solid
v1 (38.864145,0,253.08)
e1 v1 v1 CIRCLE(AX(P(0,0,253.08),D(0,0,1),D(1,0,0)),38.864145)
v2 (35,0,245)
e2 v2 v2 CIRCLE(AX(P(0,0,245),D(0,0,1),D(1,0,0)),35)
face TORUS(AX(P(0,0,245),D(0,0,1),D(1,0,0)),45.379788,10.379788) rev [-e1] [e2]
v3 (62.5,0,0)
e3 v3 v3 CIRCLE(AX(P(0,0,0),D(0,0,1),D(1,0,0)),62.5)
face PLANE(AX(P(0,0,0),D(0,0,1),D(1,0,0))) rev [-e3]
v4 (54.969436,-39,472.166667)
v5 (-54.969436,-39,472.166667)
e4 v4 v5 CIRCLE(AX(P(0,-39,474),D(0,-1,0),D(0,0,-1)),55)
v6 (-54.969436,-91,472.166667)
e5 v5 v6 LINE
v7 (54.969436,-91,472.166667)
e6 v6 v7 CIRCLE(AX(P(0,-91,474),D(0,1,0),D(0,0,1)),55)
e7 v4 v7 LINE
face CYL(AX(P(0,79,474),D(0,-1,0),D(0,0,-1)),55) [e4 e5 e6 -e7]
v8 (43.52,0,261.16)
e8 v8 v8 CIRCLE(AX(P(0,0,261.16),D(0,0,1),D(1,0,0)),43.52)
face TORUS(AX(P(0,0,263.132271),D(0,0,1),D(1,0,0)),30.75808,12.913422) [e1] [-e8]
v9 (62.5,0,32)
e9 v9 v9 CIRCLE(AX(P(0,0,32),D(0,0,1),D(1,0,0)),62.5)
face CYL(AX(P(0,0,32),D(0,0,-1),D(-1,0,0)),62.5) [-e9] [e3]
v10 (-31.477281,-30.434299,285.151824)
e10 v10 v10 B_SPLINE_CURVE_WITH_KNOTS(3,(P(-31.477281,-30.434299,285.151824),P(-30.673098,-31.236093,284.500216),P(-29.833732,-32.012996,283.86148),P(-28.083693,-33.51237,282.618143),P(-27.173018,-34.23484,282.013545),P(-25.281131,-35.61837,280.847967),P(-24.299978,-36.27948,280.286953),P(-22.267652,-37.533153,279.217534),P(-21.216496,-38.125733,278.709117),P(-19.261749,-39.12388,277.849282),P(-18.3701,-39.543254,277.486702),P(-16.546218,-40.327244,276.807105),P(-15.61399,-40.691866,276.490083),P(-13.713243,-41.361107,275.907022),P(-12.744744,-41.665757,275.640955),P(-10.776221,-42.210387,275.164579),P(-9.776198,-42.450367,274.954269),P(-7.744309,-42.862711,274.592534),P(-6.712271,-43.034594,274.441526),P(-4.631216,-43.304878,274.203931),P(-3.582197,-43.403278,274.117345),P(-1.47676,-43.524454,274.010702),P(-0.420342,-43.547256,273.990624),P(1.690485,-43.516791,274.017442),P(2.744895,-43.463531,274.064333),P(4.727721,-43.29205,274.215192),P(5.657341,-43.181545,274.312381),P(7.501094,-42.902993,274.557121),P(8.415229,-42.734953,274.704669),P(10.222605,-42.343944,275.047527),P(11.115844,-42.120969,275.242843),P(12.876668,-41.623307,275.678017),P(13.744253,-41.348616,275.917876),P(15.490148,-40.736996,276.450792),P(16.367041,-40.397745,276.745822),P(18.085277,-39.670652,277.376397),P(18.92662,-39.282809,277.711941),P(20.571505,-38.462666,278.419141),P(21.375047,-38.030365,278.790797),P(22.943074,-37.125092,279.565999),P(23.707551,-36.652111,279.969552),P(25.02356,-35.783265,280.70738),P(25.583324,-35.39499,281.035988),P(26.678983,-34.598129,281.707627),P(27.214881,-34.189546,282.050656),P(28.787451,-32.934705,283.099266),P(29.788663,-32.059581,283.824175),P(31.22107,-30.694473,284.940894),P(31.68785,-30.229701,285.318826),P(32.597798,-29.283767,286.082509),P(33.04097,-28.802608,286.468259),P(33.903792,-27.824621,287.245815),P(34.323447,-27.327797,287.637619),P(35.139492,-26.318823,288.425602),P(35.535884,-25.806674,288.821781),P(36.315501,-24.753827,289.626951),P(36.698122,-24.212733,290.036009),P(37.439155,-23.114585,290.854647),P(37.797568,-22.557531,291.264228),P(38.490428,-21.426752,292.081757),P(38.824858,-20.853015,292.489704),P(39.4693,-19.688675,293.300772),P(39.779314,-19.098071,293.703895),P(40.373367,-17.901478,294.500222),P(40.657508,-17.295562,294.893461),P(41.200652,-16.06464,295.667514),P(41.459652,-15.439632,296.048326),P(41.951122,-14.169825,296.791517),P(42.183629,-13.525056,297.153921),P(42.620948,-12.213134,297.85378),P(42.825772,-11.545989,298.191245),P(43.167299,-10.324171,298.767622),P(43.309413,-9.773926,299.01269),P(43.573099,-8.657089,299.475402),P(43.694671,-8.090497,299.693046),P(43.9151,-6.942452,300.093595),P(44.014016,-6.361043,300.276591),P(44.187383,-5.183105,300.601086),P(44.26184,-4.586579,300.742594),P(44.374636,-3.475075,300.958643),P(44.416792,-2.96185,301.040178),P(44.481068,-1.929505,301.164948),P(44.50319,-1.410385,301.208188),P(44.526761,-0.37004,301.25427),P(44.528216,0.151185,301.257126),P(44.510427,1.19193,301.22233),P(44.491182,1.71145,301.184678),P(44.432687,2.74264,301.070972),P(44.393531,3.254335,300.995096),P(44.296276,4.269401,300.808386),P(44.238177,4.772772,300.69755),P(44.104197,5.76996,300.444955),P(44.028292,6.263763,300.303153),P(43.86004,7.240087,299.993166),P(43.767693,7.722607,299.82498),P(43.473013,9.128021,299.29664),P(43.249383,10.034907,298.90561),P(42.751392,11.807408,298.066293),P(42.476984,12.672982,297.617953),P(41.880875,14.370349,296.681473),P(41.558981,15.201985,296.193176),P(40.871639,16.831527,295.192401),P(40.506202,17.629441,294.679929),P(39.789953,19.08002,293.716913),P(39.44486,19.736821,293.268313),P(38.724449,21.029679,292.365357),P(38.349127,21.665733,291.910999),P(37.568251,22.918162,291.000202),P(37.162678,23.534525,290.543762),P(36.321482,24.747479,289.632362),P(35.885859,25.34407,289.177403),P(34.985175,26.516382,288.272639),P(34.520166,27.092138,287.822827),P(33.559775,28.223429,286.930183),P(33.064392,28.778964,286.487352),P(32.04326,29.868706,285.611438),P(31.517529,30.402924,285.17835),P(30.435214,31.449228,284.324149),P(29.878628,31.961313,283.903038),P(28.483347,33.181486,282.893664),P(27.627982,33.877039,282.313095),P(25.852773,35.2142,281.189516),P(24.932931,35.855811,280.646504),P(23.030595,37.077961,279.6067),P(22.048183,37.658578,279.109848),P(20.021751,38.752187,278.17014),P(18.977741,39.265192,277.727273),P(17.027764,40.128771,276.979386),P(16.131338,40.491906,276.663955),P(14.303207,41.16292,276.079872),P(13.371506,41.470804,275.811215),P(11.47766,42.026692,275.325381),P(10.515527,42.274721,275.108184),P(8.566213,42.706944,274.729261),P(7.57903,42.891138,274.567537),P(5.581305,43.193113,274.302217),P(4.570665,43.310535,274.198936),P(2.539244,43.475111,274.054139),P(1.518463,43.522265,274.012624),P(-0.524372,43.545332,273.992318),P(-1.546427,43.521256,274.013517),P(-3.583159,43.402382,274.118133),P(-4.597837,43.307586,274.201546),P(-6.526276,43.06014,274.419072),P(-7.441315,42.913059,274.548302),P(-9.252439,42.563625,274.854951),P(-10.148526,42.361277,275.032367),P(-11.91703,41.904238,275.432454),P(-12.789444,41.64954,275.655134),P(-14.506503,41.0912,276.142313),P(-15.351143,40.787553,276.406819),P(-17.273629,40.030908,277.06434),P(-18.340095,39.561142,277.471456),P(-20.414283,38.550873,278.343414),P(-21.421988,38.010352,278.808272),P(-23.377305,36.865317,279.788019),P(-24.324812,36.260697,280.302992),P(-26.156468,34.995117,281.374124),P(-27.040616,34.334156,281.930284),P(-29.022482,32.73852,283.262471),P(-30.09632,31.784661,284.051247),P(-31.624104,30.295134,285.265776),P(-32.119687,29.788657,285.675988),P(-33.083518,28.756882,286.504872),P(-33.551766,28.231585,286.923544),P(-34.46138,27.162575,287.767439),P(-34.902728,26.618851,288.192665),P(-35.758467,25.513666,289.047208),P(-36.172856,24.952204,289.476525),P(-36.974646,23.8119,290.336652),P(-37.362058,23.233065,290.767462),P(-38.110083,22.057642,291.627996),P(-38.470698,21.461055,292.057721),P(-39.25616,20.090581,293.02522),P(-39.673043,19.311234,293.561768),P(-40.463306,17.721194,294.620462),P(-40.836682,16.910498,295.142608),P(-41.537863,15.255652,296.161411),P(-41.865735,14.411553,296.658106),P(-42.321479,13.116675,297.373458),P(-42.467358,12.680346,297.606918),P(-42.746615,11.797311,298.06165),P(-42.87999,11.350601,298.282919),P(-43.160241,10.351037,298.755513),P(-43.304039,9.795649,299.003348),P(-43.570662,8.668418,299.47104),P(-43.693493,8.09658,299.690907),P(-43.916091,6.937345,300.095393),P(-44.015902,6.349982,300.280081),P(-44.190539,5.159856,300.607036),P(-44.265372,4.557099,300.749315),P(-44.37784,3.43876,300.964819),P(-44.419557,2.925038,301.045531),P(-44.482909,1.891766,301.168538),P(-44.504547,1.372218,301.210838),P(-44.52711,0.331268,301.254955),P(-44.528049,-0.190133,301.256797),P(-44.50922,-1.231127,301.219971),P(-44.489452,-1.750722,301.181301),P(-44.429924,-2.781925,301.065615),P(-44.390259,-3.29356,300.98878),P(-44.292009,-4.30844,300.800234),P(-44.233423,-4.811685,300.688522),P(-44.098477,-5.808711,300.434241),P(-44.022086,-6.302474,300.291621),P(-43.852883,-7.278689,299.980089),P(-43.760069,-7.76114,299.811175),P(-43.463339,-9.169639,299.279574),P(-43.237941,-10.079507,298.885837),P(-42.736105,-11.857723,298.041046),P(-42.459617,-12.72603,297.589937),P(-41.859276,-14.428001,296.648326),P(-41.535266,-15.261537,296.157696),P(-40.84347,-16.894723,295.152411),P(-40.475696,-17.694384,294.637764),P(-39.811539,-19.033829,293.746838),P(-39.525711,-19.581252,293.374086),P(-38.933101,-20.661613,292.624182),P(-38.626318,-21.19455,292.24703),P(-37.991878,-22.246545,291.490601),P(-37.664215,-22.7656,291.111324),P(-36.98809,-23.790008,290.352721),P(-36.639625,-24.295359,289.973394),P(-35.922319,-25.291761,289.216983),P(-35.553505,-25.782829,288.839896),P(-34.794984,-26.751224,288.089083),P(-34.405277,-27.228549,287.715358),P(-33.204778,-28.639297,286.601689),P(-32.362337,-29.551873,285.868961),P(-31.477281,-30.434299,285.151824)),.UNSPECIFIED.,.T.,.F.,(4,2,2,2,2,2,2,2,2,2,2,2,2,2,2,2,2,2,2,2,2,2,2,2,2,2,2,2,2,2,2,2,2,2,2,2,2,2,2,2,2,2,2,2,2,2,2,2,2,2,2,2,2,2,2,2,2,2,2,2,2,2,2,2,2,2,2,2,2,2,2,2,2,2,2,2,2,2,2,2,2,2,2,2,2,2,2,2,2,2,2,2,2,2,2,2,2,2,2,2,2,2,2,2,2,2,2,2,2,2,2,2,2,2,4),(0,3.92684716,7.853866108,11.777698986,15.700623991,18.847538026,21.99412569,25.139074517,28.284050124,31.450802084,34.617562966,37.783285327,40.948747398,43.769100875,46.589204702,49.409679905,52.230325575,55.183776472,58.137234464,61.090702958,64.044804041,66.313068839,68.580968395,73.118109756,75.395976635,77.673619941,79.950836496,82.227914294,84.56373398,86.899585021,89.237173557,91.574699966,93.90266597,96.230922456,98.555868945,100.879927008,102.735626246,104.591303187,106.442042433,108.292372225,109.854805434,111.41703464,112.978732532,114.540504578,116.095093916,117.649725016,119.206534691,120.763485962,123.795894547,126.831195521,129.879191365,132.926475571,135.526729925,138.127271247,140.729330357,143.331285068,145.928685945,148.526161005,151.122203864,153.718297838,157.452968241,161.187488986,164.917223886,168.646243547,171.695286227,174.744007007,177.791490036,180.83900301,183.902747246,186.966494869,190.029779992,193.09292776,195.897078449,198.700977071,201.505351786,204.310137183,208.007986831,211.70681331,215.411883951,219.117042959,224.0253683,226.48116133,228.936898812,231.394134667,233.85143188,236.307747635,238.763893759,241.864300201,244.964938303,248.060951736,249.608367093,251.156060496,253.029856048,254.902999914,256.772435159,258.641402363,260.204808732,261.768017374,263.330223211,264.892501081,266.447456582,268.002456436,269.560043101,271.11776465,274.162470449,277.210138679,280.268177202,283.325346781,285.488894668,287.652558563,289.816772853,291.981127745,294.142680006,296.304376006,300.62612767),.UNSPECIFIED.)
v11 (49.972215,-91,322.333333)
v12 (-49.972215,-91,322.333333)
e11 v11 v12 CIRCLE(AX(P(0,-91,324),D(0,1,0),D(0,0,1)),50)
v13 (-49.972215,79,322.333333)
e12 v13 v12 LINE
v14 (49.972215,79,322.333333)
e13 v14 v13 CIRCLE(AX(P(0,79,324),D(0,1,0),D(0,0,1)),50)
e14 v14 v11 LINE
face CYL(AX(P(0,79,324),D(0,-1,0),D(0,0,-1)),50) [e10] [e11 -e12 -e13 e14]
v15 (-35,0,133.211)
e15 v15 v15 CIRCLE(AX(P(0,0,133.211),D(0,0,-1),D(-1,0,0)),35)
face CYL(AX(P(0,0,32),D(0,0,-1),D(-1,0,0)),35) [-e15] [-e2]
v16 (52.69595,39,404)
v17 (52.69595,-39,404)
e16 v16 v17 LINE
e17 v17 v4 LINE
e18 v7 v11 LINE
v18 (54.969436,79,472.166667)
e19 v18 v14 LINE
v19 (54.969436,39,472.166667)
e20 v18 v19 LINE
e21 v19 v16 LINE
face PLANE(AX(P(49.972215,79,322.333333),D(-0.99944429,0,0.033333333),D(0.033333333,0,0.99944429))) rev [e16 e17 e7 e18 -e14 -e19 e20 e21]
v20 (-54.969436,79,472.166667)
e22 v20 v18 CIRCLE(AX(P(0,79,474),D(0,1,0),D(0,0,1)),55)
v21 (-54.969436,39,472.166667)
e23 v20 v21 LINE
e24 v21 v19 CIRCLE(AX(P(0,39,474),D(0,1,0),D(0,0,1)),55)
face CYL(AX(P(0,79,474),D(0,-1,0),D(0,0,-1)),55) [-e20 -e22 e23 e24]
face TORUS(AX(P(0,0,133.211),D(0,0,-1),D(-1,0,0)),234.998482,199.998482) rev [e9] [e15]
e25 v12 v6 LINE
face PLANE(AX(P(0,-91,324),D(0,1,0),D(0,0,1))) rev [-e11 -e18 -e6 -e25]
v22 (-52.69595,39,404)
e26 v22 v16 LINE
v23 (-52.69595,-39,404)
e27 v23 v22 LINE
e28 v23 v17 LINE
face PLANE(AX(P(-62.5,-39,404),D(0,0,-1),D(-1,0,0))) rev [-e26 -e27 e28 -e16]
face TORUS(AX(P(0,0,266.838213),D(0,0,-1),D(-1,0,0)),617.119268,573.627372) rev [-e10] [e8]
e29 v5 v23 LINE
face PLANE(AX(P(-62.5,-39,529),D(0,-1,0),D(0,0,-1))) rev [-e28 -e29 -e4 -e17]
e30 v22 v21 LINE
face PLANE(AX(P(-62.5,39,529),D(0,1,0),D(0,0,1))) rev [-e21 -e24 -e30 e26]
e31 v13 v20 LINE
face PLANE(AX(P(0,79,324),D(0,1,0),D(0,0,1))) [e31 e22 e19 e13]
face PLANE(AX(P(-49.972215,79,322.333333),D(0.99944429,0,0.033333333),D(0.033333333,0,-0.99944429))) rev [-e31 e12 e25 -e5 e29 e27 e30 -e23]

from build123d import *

# Parameters (mm, degrees)
SKETCH_1_R               = 62.5
EXTRUDE_1_DEPTH          = 32
EXTRUDE_2_DEPTH          = 79
EXTRUDE_2_DEPTH_BACK     = 91
CUT_EXTRUDE_1_DEPTH      = 541.396382314
CUT_EXTRUDE_1_DEPTH_BACK = 541.396382314
SKETCH_12_W              = 78
SKETCH_12_H              = 125


with BuildPart() as part:
    # 草圖1 → 填料-伸長1 (new body)
    with BuildSketch(Plane.XY):
        Circle(SKETCH_1_R)
    extrude(amount=EXTRUDE_1_DEPTH)

    # 草圖3 → 旋轉1 (revolve)
    with BuildSketch(Plane(origin=(0, 0, 0), x_dir=(1, 0, 0), z_dir=(0, 1, 0)), mode=Mode.PRIVATE) as revolve_1_sk:
        with BuildLine():
            Line((0, -32), (0, -245))
            Line((0, -245), (35, -245))
            Line((35, -245), (35, -133.211))
            ThreePointArc((35, -133.211), (41.997410306, -80.770756577), (62.5, -32))
            Line((62.5, -32), (0, -32))
        make_face()
    revolve(revolve_1_sk.sketch.rotate(Axis((0, 0, 32), (0, 0, 1)), 180), axis=Axis((0, 0, 32), (0, 0, 1)))

    # 草圖6 → 旋轉2 (revolve)
    with BuildSketch(Plane(origin=(0, 0, 0), x_dir=(1, 0, 0), z_dir=(0, 1, 0))):
        with BuildLine():
            Line((0, -245), (35, -245))
            ThreePointArc((35, -245), (36.015734709, -249.478225638), (38.864145372, -253.08))
            ThreePointArc((38.864145372, -253.08), (41.946904934, -256.68505084), (43.52, -261.16))
            Line((43.52, -261.16), (0, -261.16))
            Line((0, -261.16), (0, -245))
        make_face()
    revolve(axis=Axis((0, 0, 211.16), (0, 0, -1)))

    # 草圖9 → 旋轉3 (revolve)
    with BuildSketch(Plane(origin=(0, 0, 0), x_dir=(1, 0, 0), z_dir=(0, 1, 0)), mode=Mode.PRIVATE) as revolve_3_sk:
        with BuildLine():
            Line((0, -261.16), (0, -322.34))
            Line((0, -322.34), (46.183269827, -322.34))
            ThreePointArc((46.183269827, -322.34), (44.034639015, -291.785565226), (43.52, -261.16))
            Line((43.52, -261.16), (0, -261.16))
        make_face()
    revolve(revolve_3_sk.sketch.rotate(Axis((0, 0, 0), (0, 0, 1)), 180), axis=Axis((0, 0, 0), (0, 0, 1)))

    # 草圖10 → 填料-伸長2 (add, two sides: drawn at the far end of the back side and taken through both)
    with BuildSketch(Plane(origin=(0, 0, 0), x_dir=(0, 0, -1), z_dir=(0, 1, 0)).offset(-EXTRUDE_2_DEPTH_BACK)):
        with BuildLine():
            Line((-322.333333333, 49.972214502), (-472.166666667, 54.969435952))
            ThreePointArc((-472.166666667, 54.969435952), (-529, 0), (-472.166666667, -54.969435952))
            Line((-472.166666667, -54.969435952), (-322.333333333, -49.972214502))
            ThreePointArc((-322.333333333, -49.972214502), (-274, 0), (-322.333333333, 49.972214502))
        make_face()
    extrude(amount=EXTRUDE_2_DEPTH + EXTRUDE_2_DEPTH_BACK)

    # 草圖12 → 除料-伸長1 (cut, two sides: drawn at the far end of the back side and taken through both)
    with BuildSketch(Plane(origin=(0, 0, 0), x_dir=(0, -1, 0), z_dir=(1, 0, 0)).offset(-CUT_EXTRUDE_1_DEPTH_BACK)):
        with Locations((0, -466.5)):
            Rectangle(SKETCH_12_W, SKETCH_12_H)
    extrude(amount=CUT_EXTRUDE_1_DEPTH + CUT_EXTRUDE_1_DEPTH_BACK, mode=Mode.SUBTRACT)


solid = part.part
